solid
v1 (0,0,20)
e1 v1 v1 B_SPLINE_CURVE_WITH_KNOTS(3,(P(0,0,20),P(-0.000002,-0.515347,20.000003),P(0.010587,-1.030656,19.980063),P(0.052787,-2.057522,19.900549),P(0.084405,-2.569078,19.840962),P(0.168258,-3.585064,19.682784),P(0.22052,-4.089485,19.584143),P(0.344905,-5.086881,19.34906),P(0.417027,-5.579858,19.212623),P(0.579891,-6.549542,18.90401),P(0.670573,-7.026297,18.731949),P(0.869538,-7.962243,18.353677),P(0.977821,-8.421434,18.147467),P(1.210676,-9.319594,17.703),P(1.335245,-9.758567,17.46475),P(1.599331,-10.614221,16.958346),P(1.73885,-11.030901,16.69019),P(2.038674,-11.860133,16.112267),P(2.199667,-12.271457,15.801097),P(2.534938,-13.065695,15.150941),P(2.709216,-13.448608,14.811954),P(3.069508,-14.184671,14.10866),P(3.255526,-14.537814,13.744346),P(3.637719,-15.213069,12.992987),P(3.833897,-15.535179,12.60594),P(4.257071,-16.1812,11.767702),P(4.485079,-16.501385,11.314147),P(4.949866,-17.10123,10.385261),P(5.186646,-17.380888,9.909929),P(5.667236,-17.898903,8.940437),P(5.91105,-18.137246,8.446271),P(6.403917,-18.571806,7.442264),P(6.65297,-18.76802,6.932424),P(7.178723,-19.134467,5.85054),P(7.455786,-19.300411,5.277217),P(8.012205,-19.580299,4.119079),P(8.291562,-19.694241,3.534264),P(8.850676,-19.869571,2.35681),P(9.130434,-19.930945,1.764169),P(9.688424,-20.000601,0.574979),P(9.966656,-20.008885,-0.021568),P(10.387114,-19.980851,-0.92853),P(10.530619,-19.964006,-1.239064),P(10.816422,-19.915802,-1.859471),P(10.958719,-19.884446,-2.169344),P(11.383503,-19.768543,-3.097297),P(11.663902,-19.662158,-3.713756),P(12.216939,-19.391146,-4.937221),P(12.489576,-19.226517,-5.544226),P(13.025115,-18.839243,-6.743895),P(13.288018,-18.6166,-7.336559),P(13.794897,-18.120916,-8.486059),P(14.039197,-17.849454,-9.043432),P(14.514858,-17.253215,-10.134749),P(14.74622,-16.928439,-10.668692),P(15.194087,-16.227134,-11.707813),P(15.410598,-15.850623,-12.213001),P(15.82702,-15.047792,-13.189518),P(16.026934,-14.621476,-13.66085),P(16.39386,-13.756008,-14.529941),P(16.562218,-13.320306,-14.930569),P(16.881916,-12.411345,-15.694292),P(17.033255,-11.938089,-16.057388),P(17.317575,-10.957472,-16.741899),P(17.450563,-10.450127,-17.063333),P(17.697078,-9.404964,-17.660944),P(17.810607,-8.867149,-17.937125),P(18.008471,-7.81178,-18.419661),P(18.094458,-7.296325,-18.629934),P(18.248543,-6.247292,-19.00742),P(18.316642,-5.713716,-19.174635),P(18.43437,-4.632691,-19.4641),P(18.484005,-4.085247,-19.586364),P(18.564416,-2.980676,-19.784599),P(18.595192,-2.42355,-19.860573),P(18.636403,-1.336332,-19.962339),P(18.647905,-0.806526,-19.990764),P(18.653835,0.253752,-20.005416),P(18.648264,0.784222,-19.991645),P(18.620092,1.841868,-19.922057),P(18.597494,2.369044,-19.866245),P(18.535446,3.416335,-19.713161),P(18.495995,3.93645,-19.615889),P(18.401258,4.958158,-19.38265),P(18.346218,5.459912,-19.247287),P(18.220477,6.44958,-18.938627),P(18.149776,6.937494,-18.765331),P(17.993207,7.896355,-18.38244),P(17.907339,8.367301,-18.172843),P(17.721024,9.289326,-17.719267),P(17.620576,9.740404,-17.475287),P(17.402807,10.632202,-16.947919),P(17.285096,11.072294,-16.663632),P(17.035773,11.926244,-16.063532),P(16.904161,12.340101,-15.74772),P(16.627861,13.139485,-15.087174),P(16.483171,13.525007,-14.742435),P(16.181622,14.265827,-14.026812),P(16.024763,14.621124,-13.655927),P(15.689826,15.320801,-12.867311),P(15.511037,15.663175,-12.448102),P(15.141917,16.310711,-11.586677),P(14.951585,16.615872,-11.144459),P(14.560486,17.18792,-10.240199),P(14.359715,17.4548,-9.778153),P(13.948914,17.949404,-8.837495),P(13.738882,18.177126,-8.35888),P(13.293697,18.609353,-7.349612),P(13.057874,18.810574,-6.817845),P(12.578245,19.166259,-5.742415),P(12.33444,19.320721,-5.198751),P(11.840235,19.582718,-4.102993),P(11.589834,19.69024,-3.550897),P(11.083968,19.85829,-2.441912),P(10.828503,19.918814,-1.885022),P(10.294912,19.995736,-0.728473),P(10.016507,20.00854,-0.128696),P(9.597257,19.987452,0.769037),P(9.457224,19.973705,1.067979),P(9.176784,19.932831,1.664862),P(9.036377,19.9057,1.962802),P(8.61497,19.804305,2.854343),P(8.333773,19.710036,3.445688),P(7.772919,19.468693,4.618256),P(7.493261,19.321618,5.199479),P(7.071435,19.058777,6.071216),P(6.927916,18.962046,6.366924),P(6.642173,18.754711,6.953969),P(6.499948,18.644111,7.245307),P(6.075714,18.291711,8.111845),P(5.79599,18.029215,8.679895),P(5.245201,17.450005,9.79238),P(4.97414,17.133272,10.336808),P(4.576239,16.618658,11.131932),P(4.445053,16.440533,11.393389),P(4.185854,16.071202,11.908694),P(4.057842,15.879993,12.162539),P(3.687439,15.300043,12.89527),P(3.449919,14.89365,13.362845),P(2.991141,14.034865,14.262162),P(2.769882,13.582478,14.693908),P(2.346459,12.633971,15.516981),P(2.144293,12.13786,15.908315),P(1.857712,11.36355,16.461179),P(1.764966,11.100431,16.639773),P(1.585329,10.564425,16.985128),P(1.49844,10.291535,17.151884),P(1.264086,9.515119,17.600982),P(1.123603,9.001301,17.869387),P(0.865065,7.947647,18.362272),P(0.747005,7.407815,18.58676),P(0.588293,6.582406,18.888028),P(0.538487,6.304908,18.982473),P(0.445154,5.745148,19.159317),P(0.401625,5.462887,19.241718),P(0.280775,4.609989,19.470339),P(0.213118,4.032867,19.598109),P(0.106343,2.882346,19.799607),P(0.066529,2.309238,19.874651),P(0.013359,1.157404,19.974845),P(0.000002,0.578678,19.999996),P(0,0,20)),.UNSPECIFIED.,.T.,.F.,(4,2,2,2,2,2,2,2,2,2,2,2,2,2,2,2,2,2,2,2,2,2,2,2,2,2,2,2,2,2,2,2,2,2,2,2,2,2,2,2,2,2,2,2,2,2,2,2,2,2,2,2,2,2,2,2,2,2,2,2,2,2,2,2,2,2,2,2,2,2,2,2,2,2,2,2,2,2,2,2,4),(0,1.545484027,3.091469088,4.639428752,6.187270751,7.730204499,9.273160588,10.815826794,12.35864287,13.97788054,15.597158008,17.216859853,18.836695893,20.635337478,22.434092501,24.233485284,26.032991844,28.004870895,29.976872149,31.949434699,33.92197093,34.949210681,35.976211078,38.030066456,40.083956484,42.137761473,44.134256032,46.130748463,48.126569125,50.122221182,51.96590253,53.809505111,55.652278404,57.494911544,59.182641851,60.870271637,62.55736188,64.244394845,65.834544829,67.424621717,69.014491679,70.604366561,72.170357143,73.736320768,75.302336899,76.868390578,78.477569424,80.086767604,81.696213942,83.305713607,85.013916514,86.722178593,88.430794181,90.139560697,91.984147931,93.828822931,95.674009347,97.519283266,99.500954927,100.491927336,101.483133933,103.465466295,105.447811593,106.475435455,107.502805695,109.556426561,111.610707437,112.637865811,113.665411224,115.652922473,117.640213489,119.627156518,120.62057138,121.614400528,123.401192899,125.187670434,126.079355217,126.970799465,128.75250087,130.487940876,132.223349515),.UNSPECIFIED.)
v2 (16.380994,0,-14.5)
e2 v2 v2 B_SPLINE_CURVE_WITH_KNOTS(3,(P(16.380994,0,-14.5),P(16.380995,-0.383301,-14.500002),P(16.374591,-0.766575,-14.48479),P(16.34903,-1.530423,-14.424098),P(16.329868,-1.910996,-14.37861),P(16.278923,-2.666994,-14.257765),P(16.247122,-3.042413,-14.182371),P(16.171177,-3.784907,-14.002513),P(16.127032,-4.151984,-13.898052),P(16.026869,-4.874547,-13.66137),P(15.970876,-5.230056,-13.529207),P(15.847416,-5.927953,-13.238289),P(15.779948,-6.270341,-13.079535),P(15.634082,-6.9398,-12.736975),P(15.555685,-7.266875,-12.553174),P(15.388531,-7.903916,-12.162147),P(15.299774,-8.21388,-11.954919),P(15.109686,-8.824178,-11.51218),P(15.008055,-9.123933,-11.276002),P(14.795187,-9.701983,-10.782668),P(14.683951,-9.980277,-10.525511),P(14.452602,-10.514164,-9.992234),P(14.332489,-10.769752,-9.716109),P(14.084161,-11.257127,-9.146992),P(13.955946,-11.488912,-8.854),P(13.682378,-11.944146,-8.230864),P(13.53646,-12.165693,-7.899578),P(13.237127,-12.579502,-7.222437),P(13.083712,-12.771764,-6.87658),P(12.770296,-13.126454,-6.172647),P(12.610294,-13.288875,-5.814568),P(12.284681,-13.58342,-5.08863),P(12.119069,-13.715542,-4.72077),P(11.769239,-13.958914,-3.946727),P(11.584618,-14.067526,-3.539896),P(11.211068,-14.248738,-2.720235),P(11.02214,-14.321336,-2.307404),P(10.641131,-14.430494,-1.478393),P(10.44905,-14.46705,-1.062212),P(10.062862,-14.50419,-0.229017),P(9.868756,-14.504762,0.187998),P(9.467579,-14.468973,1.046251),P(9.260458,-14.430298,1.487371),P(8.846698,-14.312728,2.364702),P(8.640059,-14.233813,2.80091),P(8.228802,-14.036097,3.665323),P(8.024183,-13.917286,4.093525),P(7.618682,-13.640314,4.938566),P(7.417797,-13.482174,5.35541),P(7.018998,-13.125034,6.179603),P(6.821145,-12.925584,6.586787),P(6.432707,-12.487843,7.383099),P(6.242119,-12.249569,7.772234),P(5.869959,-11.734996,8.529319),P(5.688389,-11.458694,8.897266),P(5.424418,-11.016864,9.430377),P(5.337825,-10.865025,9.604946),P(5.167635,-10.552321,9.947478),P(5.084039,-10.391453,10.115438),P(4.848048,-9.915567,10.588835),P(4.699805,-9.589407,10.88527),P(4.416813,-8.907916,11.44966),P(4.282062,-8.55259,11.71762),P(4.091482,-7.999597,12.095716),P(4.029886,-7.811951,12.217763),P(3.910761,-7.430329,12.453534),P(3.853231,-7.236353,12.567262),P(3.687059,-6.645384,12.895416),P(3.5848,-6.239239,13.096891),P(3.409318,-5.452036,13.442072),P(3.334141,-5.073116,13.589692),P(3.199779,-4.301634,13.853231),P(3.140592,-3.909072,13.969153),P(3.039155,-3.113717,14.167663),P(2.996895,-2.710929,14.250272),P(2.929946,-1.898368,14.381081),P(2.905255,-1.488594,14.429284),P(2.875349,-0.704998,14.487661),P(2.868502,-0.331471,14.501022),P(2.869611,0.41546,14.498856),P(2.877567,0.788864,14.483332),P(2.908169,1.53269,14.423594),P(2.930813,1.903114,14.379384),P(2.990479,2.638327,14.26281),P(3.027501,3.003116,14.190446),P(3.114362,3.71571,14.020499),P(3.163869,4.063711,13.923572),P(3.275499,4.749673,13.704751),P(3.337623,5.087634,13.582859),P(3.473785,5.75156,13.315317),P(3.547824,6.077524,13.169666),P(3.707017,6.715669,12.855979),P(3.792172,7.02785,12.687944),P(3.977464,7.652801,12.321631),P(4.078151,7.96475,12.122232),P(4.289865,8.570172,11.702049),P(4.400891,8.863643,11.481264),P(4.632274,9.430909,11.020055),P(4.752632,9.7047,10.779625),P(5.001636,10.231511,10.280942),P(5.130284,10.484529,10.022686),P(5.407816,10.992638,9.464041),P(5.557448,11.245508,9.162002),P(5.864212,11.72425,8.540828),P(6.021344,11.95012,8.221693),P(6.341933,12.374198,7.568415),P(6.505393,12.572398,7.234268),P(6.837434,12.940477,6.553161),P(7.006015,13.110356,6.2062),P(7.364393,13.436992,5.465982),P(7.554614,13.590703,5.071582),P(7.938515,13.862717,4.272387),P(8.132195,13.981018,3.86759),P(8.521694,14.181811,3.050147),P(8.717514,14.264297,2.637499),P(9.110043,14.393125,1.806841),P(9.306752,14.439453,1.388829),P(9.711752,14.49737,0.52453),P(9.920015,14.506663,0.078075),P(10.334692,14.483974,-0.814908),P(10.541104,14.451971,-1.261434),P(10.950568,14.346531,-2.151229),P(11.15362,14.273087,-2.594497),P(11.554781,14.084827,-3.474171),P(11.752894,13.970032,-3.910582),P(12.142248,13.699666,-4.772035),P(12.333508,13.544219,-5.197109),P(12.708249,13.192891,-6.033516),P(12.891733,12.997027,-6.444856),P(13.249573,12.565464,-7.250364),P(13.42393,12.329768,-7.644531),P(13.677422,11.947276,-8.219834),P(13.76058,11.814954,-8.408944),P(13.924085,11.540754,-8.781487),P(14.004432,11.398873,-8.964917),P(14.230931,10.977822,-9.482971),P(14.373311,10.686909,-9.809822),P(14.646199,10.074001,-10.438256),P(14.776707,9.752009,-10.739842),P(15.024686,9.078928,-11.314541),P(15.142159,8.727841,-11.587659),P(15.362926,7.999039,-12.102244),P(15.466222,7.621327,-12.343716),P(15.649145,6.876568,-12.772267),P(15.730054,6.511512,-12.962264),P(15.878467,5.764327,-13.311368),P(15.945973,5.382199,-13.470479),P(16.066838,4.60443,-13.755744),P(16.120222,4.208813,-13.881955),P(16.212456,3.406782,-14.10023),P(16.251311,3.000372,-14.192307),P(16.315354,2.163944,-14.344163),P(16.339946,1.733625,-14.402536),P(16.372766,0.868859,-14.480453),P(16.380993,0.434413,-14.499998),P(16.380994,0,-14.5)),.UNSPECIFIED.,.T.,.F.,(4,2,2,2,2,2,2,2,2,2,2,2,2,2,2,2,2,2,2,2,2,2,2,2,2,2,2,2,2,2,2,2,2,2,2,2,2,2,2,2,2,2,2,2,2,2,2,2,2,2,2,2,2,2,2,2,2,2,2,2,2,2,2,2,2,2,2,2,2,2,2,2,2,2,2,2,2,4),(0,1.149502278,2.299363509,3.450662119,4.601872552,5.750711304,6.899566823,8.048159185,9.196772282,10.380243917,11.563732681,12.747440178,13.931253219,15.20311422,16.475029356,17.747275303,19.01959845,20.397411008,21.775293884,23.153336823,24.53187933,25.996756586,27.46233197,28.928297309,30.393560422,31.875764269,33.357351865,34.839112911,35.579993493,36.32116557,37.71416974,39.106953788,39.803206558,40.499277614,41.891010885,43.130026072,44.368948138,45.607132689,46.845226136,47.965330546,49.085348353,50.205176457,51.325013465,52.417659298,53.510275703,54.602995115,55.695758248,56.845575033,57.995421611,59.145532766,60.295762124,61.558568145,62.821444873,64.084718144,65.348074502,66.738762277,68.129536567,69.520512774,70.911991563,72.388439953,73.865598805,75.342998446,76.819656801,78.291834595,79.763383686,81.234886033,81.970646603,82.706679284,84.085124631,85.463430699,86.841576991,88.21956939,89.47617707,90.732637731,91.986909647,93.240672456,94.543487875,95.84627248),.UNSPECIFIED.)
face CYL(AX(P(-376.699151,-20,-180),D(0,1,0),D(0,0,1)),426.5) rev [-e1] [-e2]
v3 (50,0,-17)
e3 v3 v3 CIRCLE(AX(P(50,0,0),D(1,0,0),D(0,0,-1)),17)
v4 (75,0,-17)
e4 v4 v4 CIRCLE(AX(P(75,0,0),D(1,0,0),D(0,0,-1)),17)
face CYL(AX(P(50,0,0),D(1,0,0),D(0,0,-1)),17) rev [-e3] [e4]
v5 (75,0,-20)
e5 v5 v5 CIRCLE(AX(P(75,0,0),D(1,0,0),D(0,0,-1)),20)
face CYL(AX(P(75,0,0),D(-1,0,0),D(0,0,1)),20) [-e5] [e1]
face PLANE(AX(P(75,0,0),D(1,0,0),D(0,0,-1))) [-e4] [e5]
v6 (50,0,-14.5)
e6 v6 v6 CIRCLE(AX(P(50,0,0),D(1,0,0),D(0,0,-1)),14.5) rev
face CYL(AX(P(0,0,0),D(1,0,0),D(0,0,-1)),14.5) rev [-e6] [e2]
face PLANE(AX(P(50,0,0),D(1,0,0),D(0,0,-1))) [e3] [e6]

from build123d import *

# Parameters (mm, degrees)
SKETCH1_R               = 20
BOSS_EXTRUDE1_DEPTH     = 75
CUT_EXTRUDE2_DEPTH      = 81.156097709
CUT_EXTRUDE2_DEPTH_BACK = 81.156097709
SKETCH3_R               = 14.5
SKETCH4_R               = 17
CUT_EXTRUDE3_DEPTH      = 25
CUT_EXTRUDE4_DEPTH      = 81.156097709
CUT_EXTRUDE4_DEPTH_BACK = 81.156097709
SKETCH5_R               = 426.5


with BuildPart() as part:
    # Sketch1 → Boss-Extrude1 (new body)
    with BuildSketch(Plane(origin=(0, 0, 0), x_dir=(0, 0, -1), z_dir=(1, 0, 0))):
        Circle(SKETCH1_R)
    extrude(amount=BOSS_EXTRUDE1_DEPTH)

    # Sketch3 → Cut-Extrude2 (cut, two sides: drawn at the far end of the back side and taken through both)
    with BuildSketch(Plane(origin=(75, 0, 0), x_dir=(0, 0, -1), z_dir=(1, 0, 0)).offset(-CUT_EXTRUDE2_DEPTH_BACK)):
        Circle(SKETCH3_R)
    extrude(amount=CUT_EXTRUDE2_DEPTH + CUT_EXTRUDE2_DEPTH_BACK, mode=Mode.SUBTRACT)

    # Sketch4 → Cut-Extrude3 (cut)
    with BuildSketch(Plane(origin=(75, 0, 0), x_dir=(0, 0, -1), z_dir=(1, 0, 0))):
        Circle(SKETCH4_R)
    extrude(amount=-CUT_EXTRUDE3_DEPTH, mode=Mode.SUBTRACT)

    # Sketch5 → Cut-Extrude4 (cut, two sides: drawn at the far end of the back side and taken through both)
    with BuildSketch(Plane(origin=(0, 0, 0), x_dir=(1, 0, 0), z_dir=(0, 1, 0)).offset(-CUT_EXTRUDE4_DEPTH_BACK)):
        with Locations((-376.699150517, 180)):
            Circle(SKETCH5_R)
    extrude(amount=CUT_EXTRUDE4_DEPTH + CUT_EXTRUDE4_DEPTH_BACK, mode=Mode.SUBTRACT)


solid = part.part
